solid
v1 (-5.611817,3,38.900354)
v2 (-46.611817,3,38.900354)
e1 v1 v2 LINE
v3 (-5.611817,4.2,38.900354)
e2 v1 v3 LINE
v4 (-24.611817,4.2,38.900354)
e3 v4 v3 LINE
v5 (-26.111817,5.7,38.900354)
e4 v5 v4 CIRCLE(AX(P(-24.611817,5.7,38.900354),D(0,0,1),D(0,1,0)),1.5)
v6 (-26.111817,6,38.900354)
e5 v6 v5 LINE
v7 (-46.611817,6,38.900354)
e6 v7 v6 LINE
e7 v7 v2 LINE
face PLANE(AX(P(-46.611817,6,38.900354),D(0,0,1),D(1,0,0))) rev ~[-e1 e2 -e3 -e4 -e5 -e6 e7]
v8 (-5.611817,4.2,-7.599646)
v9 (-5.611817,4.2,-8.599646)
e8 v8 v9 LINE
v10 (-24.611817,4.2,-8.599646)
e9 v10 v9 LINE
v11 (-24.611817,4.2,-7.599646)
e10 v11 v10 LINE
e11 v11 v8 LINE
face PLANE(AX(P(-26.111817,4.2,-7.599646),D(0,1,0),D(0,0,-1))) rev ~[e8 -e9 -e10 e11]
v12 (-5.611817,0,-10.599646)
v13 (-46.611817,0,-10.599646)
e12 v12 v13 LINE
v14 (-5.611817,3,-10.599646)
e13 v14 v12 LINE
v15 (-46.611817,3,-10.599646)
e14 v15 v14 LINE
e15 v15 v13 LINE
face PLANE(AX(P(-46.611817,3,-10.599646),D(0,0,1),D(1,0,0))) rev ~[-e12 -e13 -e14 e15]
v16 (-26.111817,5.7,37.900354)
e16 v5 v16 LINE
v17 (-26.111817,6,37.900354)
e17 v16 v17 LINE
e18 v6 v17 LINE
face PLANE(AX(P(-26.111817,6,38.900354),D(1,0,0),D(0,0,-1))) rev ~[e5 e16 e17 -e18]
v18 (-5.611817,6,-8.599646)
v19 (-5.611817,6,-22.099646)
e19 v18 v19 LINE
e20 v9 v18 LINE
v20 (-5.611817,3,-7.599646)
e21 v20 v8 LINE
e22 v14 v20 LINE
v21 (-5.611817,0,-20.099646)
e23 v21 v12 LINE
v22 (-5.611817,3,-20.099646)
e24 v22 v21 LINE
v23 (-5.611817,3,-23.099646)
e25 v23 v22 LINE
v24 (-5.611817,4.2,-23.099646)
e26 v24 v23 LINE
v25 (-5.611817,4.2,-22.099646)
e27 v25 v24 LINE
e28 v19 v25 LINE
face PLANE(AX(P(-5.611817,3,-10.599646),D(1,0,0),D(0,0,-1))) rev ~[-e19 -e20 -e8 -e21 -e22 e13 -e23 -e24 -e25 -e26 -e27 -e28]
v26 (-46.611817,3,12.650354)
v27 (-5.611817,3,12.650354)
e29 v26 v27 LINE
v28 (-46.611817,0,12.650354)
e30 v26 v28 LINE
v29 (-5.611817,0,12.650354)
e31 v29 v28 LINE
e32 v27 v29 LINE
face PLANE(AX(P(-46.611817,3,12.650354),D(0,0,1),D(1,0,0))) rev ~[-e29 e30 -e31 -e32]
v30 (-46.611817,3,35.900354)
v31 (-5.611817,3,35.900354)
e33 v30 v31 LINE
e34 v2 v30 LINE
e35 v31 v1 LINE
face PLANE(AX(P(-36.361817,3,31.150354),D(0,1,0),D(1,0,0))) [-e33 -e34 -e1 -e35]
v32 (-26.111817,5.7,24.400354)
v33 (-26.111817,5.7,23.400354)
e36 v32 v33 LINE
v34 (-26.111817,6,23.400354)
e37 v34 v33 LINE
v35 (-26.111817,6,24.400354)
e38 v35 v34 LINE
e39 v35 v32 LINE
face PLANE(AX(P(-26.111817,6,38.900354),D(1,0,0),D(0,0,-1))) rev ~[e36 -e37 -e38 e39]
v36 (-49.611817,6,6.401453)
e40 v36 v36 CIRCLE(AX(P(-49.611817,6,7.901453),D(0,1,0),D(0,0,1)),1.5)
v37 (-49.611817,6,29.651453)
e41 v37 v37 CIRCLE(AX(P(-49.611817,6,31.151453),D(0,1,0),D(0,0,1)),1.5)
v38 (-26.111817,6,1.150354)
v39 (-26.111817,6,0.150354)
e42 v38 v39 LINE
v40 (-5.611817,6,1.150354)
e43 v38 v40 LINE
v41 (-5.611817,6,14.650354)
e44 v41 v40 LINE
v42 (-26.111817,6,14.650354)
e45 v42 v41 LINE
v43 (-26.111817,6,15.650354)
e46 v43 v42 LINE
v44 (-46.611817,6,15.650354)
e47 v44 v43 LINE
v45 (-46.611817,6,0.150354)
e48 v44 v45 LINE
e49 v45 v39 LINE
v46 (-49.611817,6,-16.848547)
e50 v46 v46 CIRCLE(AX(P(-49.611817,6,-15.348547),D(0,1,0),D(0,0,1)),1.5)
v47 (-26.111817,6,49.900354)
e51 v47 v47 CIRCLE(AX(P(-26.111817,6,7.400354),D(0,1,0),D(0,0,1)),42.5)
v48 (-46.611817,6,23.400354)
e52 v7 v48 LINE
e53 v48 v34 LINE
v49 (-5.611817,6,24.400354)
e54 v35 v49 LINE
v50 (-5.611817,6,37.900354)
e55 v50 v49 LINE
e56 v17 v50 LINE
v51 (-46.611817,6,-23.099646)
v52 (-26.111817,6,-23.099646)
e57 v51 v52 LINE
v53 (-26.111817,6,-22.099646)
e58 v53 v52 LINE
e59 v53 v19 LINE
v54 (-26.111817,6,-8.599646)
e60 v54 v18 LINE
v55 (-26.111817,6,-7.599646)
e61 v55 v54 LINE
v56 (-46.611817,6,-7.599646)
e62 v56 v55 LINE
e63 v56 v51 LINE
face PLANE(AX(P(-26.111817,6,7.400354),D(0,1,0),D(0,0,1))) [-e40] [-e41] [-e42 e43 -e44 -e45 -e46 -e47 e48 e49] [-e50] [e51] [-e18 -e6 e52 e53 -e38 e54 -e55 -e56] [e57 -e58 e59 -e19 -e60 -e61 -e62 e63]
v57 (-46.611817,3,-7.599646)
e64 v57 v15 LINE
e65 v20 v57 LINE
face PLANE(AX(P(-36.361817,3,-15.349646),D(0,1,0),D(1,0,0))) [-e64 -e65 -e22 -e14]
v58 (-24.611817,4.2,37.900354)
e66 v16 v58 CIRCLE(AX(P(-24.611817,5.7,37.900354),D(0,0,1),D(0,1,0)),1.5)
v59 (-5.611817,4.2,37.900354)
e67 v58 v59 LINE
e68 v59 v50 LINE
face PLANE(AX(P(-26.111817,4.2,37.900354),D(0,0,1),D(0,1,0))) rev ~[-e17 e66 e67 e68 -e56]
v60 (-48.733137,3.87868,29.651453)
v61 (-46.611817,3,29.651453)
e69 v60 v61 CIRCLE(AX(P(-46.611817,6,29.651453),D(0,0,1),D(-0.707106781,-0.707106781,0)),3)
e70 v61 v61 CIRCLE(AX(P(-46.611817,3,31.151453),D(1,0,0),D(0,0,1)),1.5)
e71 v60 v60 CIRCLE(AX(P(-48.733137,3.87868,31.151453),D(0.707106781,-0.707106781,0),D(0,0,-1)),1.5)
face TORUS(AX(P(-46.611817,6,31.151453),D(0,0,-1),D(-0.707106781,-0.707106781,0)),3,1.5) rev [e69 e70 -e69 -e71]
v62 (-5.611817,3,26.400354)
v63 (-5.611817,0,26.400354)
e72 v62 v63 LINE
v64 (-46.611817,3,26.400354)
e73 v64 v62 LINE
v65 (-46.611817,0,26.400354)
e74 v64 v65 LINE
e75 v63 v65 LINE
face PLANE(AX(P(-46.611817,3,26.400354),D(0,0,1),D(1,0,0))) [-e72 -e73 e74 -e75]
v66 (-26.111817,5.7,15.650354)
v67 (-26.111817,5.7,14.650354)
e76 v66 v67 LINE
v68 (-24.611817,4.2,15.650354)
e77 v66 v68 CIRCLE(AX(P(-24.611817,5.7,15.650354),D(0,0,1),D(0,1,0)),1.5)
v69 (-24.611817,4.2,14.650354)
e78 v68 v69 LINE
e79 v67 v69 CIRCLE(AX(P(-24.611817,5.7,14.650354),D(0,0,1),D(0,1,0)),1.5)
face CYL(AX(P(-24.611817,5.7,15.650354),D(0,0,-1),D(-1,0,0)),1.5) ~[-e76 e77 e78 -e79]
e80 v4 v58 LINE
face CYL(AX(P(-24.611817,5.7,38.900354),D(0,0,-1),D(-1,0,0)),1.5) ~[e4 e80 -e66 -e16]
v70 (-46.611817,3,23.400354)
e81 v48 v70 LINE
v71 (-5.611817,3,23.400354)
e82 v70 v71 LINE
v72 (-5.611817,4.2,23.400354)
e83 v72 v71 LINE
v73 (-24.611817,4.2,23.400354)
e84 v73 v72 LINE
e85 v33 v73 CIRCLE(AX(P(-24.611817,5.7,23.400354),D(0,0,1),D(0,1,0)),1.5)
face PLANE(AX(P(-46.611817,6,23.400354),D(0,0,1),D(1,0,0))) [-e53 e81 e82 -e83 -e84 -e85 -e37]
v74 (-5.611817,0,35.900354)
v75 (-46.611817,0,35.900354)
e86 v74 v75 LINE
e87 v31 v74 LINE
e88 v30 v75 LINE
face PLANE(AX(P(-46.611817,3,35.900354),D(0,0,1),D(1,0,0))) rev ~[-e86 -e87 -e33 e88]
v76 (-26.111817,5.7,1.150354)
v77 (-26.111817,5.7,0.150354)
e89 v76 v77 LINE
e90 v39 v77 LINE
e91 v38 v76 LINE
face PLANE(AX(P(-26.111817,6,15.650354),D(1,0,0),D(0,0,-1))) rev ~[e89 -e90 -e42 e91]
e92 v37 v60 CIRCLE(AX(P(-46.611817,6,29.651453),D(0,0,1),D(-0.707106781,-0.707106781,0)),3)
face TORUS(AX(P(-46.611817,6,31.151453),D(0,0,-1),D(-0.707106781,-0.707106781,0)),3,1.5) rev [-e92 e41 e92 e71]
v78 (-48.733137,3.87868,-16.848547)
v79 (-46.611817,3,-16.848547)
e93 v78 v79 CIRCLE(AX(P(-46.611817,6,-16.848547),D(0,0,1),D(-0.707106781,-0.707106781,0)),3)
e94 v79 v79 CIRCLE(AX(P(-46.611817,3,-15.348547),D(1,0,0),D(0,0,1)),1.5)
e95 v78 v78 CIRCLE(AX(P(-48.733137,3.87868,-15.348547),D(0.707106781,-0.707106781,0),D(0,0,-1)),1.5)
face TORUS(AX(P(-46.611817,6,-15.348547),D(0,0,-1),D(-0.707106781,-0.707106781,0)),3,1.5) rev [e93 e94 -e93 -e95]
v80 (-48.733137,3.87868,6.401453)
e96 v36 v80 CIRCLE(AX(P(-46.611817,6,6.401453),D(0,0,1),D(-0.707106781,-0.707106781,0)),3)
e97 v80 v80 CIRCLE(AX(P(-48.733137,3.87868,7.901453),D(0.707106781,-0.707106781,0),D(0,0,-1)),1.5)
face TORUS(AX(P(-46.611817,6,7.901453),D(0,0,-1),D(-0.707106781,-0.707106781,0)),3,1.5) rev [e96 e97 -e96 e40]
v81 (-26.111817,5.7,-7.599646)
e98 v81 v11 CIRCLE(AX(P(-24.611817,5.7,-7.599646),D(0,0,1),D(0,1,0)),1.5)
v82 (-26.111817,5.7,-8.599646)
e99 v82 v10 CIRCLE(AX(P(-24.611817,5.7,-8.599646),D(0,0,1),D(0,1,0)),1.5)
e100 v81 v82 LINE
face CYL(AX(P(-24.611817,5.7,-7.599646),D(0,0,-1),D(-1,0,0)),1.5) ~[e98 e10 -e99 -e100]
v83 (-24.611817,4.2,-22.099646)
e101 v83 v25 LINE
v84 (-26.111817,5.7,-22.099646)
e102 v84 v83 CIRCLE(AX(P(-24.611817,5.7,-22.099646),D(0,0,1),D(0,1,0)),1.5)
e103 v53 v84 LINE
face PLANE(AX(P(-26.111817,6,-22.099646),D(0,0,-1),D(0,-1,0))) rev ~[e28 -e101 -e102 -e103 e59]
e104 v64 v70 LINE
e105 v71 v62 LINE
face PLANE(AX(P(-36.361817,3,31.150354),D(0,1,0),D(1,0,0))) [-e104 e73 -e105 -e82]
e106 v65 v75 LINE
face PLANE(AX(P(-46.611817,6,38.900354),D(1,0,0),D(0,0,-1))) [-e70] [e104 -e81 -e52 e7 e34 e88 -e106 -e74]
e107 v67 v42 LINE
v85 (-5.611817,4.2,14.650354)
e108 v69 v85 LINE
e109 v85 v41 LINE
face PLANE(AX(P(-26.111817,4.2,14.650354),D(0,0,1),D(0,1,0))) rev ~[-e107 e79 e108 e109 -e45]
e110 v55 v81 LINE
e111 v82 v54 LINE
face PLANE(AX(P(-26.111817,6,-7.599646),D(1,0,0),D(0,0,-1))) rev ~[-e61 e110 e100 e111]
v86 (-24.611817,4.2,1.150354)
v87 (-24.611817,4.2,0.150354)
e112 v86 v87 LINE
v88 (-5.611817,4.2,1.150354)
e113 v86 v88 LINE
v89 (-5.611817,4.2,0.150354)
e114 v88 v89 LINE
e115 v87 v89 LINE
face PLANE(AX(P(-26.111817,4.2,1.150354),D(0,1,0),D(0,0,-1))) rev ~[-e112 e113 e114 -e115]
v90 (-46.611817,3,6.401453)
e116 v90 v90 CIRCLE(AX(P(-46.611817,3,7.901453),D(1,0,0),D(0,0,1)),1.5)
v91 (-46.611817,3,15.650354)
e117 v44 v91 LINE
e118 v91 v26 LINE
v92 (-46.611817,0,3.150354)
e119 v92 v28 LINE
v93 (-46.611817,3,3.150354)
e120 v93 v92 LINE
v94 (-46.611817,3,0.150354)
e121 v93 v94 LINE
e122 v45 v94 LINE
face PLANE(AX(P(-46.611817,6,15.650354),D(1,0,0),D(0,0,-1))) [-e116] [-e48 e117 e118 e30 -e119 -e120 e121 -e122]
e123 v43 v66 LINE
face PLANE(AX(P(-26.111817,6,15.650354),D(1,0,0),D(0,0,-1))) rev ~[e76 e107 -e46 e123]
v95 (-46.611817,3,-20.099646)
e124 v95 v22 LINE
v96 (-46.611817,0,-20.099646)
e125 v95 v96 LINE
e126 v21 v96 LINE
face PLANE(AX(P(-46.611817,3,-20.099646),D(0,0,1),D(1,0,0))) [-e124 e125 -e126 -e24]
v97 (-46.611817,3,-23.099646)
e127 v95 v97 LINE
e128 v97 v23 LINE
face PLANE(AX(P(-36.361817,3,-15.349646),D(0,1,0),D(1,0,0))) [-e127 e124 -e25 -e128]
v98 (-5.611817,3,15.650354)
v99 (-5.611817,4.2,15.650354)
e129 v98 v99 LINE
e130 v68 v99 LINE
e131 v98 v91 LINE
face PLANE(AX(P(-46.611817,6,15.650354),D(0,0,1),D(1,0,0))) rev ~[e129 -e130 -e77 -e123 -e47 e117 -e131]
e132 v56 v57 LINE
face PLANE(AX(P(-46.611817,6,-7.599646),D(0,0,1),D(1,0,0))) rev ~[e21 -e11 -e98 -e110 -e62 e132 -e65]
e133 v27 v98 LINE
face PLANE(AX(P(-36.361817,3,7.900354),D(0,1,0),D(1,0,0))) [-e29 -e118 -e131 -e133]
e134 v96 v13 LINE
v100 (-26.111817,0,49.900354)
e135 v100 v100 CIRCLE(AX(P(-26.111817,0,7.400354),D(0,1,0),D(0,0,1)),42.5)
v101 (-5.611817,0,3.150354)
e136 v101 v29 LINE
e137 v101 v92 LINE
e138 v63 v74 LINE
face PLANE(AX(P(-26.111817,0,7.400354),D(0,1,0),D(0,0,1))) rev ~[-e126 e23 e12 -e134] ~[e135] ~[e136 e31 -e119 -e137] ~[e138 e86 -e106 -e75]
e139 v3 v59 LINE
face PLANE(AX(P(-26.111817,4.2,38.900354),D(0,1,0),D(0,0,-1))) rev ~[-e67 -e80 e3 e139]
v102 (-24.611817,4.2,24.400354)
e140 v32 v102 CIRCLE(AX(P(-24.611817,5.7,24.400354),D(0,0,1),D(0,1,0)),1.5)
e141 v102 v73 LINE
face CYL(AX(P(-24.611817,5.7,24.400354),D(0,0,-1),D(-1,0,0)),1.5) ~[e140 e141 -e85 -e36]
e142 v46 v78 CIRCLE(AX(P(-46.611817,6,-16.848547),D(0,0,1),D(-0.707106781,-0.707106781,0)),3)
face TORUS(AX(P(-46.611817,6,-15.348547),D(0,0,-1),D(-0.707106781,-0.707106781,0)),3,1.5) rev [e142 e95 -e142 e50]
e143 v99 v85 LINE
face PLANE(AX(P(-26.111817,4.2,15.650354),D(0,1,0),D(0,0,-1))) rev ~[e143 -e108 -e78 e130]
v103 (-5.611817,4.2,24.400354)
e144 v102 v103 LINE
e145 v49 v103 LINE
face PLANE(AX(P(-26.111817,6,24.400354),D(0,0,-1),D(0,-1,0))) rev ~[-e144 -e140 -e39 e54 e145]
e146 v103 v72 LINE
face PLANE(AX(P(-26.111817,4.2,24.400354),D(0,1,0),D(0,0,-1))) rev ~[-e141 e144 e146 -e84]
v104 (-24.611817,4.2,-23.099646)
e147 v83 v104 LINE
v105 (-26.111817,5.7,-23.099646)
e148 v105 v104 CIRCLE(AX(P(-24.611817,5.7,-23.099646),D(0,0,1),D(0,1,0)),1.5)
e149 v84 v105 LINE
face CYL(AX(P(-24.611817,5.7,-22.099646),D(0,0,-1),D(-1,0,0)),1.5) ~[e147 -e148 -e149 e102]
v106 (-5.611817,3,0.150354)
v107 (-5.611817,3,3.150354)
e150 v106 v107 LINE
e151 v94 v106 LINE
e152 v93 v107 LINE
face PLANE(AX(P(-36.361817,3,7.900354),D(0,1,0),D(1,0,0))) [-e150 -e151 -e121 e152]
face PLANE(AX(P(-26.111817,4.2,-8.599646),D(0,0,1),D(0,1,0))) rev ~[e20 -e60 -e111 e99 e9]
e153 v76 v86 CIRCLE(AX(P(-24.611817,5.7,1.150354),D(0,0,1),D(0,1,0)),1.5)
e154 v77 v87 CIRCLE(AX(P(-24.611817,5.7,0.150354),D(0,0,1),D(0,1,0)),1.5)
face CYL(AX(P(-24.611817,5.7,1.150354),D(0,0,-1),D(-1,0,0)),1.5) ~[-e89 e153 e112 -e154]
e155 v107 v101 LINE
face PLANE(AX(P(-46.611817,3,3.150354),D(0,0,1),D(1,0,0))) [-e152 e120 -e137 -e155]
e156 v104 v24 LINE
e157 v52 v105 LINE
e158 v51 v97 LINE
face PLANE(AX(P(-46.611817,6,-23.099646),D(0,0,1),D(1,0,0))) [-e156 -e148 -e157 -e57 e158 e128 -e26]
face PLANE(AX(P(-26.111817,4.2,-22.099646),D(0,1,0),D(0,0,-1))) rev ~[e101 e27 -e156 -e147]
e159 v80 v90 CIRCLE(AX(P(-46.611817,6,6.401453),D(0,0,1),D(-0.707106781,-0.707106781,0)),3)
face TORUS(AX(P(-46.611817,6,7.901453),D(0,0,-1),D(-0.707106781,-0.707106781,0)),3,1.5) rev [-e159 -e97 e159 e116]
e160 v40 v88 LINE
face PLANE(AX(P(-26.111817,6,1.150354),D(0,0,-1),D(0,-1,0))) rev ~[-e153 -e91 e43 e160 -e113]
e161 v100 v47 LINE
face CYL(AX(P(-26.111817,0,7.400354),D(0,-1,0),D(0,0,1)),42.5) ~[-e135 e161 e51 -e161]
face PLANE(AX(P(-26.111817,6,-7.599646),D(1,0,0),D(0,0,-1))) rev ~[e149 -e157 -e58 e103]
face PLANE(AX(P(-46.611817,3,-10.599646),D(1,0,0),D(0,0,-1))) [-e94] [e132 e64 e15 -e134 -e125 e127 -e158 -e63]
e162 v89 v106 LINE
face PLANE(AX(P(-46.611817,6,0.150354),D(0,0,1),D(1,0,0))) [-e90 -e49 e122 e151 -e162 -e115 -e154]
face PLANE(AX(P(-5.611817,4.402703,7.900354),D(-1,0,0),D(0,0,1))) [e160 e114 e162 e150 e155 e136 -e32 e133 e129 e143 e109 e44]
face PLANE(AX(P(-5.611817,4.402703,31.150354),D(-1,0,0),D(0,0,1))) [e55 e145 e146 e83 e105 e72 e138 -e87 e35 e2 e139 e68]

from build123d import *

# Parameters (mm, degrees)
SKETCH1_R              = 42.5
BOSS_EXTRUDE1_DEPTH    = 6
SKETCH2_W              = 20.5
SKETCH2_H              = 15.5
CUT_EXTRUDE1_DEPTH     = 3
CUT_EXTRUDE2_DEPTH     = 20.5
CUT_EXTRUDE3_REACH     = 86.892
SKETCH4_W              = 41
SKETCH4_H              = 9.5
SKETCH5_R              = 1.5
FILLET1_R              = 1.5
LPATTERN4_COUNT        = 3
LPATTERN4_PITCH        = 23.25
FILLET1_OF_LPATTERN4_R = 1.5


with BuildPart() as part:
    # Sketch1 → Boss-Extrude1 (new body)
    with BuildSketch(Plane(origin=(0, 0, 0), x_dir=(1, 0, 0), z_dir=(0, 1, 0))):
        with Locations(Location((-26.111816808, -7.400353612, 0), (0, 0, 270))):
            Circle(SKETCH1_R)
    extrude(amount=BOSS_EXTRUDE1_DEPTH)

    # Sketch2 → Cut-Extrude1 (cut)
    with BuildSketch(Plane(origin=(0, 6, 0), x_dir=(1, 0, 0), z_dir=(0, 1, 0))):
        with Locations((-36.361816808, 15.349646388)):
            Rectangle(SKETCH2_W, SKETCH2_H)
    cut_extrude1 = extrude(amount=-CUT_EXTRUDE1_DEPTH, mode=Mode.SUBTRACT)

    # Sketch3 → Cut-Extrude2 (cut)
    with BuildSketch(Plane.ZY.offset(26.111816808)):
        Polygon((-23.099646388, 3), (-7.599646388, 3), (-7.599646388, 4.2), (-8.599646388, 4.2), (-8.599646388, 6), (-22.099646388, 6), (-22.099646388, 4.2), (-23.099646388, 4.2), align=None)
    cut_extrude2 = extrude(amount=-CUT_EXTRUDE2_DEPTH, mode=Mode.SUBTRACT)

    # Sketch4 → Cut-Extrude3 (cut, up to next)
    with BuildSketch(Plane(origin=(0, 3, 0), x_dir=(1, 0, 0), z_dir=(0, 1, 0)), mode=Mode.PRIVATE) as cut_extrude3_sk1:
        with Locations((-26.111816808, 15.349646388)):
            Rectangle(SKETCH4_W, SKETCH4_H)
    cut_extrude3_tool1 = extrude(cut_extrude3_sk1.sketch, amount=-CUT_EXTRUDE3_REACH, mode=Mode.PRIVATE) & part.part
    cut_extrude3 = cut_extrude3_tool1.solids().sort_by_distance((-26.111817, 3, -15.349646))[0]
    add(cut_extrude3, mode=Mode.SUBTRACT)

    # Sketch5 → Cut-Revolve1 (revolve, cut)
    with BuildSketch(Plane(origin=(-46.611816808, 0, 0), x_dir=(0, 0, -1), z_dir=(1, 0, 0)), mode=Mode.PRIVATE) as cut_revolve1_sk:
        with Locations((15.348547186, 3)):
            Circle(SKETCH5_R)
    cut_revolve1 = revolve(cut_revolve1_sk.sketch.rotate(Axis((-46.611816808, 6, -23.099646388), (0, 0, 1)), 315), axis=Axis((-46.611816808, 6, -23.099646388), (0, 0, 1)), mode=Mode.SUBTRACT)

    # Fillet1
    fillet1_edges = [part.edges().sort_by_distance(p)[0] for p in [
        (-26.111816808, 4.2, -8.099646388),
        (-26.111816808, 4.2, -22.599646388),
    ]]
    fillet(fillet1_edges, radius=FILLET1_R)

    # LPattern4: Cut-Extrude1, Cut-Extrude2, Cut-Extrude3, Cut-Revolve1 ×3
    with Locations(*[(0, 0, i * LPATTERN4_PITCH) for i in range(1, LPATTERN4_COUNT)]):
        add(cut_extrude1, mode=Mode.SUBTRACT)
        add(cut_extrude2, mode=Mode.SUBTRACT)
        add(cut_extrude3, mode=Mode.SUBTRACT)
        add(cut_revolve1, mode=Mode.SUBTRACT)

    # Fillet1 of LPattern4
    fillet1_of_lpattern4_edges = [part.edges().sort_by_distance(p)[0] for p in [
        (-26.111816808, 4.2, 15.150353612),
        (-26.111816808, 4.2, 0.650353612),
        (-26.111816808, 4.2, 38.400353612),
        (-26.111816808, 4.2, 23.900353612),
    ]]
    fillet(fillet1_of_lpattern4_edges, radius=FILLET1_OF_LPATTERN4_R)


solid = part.part
